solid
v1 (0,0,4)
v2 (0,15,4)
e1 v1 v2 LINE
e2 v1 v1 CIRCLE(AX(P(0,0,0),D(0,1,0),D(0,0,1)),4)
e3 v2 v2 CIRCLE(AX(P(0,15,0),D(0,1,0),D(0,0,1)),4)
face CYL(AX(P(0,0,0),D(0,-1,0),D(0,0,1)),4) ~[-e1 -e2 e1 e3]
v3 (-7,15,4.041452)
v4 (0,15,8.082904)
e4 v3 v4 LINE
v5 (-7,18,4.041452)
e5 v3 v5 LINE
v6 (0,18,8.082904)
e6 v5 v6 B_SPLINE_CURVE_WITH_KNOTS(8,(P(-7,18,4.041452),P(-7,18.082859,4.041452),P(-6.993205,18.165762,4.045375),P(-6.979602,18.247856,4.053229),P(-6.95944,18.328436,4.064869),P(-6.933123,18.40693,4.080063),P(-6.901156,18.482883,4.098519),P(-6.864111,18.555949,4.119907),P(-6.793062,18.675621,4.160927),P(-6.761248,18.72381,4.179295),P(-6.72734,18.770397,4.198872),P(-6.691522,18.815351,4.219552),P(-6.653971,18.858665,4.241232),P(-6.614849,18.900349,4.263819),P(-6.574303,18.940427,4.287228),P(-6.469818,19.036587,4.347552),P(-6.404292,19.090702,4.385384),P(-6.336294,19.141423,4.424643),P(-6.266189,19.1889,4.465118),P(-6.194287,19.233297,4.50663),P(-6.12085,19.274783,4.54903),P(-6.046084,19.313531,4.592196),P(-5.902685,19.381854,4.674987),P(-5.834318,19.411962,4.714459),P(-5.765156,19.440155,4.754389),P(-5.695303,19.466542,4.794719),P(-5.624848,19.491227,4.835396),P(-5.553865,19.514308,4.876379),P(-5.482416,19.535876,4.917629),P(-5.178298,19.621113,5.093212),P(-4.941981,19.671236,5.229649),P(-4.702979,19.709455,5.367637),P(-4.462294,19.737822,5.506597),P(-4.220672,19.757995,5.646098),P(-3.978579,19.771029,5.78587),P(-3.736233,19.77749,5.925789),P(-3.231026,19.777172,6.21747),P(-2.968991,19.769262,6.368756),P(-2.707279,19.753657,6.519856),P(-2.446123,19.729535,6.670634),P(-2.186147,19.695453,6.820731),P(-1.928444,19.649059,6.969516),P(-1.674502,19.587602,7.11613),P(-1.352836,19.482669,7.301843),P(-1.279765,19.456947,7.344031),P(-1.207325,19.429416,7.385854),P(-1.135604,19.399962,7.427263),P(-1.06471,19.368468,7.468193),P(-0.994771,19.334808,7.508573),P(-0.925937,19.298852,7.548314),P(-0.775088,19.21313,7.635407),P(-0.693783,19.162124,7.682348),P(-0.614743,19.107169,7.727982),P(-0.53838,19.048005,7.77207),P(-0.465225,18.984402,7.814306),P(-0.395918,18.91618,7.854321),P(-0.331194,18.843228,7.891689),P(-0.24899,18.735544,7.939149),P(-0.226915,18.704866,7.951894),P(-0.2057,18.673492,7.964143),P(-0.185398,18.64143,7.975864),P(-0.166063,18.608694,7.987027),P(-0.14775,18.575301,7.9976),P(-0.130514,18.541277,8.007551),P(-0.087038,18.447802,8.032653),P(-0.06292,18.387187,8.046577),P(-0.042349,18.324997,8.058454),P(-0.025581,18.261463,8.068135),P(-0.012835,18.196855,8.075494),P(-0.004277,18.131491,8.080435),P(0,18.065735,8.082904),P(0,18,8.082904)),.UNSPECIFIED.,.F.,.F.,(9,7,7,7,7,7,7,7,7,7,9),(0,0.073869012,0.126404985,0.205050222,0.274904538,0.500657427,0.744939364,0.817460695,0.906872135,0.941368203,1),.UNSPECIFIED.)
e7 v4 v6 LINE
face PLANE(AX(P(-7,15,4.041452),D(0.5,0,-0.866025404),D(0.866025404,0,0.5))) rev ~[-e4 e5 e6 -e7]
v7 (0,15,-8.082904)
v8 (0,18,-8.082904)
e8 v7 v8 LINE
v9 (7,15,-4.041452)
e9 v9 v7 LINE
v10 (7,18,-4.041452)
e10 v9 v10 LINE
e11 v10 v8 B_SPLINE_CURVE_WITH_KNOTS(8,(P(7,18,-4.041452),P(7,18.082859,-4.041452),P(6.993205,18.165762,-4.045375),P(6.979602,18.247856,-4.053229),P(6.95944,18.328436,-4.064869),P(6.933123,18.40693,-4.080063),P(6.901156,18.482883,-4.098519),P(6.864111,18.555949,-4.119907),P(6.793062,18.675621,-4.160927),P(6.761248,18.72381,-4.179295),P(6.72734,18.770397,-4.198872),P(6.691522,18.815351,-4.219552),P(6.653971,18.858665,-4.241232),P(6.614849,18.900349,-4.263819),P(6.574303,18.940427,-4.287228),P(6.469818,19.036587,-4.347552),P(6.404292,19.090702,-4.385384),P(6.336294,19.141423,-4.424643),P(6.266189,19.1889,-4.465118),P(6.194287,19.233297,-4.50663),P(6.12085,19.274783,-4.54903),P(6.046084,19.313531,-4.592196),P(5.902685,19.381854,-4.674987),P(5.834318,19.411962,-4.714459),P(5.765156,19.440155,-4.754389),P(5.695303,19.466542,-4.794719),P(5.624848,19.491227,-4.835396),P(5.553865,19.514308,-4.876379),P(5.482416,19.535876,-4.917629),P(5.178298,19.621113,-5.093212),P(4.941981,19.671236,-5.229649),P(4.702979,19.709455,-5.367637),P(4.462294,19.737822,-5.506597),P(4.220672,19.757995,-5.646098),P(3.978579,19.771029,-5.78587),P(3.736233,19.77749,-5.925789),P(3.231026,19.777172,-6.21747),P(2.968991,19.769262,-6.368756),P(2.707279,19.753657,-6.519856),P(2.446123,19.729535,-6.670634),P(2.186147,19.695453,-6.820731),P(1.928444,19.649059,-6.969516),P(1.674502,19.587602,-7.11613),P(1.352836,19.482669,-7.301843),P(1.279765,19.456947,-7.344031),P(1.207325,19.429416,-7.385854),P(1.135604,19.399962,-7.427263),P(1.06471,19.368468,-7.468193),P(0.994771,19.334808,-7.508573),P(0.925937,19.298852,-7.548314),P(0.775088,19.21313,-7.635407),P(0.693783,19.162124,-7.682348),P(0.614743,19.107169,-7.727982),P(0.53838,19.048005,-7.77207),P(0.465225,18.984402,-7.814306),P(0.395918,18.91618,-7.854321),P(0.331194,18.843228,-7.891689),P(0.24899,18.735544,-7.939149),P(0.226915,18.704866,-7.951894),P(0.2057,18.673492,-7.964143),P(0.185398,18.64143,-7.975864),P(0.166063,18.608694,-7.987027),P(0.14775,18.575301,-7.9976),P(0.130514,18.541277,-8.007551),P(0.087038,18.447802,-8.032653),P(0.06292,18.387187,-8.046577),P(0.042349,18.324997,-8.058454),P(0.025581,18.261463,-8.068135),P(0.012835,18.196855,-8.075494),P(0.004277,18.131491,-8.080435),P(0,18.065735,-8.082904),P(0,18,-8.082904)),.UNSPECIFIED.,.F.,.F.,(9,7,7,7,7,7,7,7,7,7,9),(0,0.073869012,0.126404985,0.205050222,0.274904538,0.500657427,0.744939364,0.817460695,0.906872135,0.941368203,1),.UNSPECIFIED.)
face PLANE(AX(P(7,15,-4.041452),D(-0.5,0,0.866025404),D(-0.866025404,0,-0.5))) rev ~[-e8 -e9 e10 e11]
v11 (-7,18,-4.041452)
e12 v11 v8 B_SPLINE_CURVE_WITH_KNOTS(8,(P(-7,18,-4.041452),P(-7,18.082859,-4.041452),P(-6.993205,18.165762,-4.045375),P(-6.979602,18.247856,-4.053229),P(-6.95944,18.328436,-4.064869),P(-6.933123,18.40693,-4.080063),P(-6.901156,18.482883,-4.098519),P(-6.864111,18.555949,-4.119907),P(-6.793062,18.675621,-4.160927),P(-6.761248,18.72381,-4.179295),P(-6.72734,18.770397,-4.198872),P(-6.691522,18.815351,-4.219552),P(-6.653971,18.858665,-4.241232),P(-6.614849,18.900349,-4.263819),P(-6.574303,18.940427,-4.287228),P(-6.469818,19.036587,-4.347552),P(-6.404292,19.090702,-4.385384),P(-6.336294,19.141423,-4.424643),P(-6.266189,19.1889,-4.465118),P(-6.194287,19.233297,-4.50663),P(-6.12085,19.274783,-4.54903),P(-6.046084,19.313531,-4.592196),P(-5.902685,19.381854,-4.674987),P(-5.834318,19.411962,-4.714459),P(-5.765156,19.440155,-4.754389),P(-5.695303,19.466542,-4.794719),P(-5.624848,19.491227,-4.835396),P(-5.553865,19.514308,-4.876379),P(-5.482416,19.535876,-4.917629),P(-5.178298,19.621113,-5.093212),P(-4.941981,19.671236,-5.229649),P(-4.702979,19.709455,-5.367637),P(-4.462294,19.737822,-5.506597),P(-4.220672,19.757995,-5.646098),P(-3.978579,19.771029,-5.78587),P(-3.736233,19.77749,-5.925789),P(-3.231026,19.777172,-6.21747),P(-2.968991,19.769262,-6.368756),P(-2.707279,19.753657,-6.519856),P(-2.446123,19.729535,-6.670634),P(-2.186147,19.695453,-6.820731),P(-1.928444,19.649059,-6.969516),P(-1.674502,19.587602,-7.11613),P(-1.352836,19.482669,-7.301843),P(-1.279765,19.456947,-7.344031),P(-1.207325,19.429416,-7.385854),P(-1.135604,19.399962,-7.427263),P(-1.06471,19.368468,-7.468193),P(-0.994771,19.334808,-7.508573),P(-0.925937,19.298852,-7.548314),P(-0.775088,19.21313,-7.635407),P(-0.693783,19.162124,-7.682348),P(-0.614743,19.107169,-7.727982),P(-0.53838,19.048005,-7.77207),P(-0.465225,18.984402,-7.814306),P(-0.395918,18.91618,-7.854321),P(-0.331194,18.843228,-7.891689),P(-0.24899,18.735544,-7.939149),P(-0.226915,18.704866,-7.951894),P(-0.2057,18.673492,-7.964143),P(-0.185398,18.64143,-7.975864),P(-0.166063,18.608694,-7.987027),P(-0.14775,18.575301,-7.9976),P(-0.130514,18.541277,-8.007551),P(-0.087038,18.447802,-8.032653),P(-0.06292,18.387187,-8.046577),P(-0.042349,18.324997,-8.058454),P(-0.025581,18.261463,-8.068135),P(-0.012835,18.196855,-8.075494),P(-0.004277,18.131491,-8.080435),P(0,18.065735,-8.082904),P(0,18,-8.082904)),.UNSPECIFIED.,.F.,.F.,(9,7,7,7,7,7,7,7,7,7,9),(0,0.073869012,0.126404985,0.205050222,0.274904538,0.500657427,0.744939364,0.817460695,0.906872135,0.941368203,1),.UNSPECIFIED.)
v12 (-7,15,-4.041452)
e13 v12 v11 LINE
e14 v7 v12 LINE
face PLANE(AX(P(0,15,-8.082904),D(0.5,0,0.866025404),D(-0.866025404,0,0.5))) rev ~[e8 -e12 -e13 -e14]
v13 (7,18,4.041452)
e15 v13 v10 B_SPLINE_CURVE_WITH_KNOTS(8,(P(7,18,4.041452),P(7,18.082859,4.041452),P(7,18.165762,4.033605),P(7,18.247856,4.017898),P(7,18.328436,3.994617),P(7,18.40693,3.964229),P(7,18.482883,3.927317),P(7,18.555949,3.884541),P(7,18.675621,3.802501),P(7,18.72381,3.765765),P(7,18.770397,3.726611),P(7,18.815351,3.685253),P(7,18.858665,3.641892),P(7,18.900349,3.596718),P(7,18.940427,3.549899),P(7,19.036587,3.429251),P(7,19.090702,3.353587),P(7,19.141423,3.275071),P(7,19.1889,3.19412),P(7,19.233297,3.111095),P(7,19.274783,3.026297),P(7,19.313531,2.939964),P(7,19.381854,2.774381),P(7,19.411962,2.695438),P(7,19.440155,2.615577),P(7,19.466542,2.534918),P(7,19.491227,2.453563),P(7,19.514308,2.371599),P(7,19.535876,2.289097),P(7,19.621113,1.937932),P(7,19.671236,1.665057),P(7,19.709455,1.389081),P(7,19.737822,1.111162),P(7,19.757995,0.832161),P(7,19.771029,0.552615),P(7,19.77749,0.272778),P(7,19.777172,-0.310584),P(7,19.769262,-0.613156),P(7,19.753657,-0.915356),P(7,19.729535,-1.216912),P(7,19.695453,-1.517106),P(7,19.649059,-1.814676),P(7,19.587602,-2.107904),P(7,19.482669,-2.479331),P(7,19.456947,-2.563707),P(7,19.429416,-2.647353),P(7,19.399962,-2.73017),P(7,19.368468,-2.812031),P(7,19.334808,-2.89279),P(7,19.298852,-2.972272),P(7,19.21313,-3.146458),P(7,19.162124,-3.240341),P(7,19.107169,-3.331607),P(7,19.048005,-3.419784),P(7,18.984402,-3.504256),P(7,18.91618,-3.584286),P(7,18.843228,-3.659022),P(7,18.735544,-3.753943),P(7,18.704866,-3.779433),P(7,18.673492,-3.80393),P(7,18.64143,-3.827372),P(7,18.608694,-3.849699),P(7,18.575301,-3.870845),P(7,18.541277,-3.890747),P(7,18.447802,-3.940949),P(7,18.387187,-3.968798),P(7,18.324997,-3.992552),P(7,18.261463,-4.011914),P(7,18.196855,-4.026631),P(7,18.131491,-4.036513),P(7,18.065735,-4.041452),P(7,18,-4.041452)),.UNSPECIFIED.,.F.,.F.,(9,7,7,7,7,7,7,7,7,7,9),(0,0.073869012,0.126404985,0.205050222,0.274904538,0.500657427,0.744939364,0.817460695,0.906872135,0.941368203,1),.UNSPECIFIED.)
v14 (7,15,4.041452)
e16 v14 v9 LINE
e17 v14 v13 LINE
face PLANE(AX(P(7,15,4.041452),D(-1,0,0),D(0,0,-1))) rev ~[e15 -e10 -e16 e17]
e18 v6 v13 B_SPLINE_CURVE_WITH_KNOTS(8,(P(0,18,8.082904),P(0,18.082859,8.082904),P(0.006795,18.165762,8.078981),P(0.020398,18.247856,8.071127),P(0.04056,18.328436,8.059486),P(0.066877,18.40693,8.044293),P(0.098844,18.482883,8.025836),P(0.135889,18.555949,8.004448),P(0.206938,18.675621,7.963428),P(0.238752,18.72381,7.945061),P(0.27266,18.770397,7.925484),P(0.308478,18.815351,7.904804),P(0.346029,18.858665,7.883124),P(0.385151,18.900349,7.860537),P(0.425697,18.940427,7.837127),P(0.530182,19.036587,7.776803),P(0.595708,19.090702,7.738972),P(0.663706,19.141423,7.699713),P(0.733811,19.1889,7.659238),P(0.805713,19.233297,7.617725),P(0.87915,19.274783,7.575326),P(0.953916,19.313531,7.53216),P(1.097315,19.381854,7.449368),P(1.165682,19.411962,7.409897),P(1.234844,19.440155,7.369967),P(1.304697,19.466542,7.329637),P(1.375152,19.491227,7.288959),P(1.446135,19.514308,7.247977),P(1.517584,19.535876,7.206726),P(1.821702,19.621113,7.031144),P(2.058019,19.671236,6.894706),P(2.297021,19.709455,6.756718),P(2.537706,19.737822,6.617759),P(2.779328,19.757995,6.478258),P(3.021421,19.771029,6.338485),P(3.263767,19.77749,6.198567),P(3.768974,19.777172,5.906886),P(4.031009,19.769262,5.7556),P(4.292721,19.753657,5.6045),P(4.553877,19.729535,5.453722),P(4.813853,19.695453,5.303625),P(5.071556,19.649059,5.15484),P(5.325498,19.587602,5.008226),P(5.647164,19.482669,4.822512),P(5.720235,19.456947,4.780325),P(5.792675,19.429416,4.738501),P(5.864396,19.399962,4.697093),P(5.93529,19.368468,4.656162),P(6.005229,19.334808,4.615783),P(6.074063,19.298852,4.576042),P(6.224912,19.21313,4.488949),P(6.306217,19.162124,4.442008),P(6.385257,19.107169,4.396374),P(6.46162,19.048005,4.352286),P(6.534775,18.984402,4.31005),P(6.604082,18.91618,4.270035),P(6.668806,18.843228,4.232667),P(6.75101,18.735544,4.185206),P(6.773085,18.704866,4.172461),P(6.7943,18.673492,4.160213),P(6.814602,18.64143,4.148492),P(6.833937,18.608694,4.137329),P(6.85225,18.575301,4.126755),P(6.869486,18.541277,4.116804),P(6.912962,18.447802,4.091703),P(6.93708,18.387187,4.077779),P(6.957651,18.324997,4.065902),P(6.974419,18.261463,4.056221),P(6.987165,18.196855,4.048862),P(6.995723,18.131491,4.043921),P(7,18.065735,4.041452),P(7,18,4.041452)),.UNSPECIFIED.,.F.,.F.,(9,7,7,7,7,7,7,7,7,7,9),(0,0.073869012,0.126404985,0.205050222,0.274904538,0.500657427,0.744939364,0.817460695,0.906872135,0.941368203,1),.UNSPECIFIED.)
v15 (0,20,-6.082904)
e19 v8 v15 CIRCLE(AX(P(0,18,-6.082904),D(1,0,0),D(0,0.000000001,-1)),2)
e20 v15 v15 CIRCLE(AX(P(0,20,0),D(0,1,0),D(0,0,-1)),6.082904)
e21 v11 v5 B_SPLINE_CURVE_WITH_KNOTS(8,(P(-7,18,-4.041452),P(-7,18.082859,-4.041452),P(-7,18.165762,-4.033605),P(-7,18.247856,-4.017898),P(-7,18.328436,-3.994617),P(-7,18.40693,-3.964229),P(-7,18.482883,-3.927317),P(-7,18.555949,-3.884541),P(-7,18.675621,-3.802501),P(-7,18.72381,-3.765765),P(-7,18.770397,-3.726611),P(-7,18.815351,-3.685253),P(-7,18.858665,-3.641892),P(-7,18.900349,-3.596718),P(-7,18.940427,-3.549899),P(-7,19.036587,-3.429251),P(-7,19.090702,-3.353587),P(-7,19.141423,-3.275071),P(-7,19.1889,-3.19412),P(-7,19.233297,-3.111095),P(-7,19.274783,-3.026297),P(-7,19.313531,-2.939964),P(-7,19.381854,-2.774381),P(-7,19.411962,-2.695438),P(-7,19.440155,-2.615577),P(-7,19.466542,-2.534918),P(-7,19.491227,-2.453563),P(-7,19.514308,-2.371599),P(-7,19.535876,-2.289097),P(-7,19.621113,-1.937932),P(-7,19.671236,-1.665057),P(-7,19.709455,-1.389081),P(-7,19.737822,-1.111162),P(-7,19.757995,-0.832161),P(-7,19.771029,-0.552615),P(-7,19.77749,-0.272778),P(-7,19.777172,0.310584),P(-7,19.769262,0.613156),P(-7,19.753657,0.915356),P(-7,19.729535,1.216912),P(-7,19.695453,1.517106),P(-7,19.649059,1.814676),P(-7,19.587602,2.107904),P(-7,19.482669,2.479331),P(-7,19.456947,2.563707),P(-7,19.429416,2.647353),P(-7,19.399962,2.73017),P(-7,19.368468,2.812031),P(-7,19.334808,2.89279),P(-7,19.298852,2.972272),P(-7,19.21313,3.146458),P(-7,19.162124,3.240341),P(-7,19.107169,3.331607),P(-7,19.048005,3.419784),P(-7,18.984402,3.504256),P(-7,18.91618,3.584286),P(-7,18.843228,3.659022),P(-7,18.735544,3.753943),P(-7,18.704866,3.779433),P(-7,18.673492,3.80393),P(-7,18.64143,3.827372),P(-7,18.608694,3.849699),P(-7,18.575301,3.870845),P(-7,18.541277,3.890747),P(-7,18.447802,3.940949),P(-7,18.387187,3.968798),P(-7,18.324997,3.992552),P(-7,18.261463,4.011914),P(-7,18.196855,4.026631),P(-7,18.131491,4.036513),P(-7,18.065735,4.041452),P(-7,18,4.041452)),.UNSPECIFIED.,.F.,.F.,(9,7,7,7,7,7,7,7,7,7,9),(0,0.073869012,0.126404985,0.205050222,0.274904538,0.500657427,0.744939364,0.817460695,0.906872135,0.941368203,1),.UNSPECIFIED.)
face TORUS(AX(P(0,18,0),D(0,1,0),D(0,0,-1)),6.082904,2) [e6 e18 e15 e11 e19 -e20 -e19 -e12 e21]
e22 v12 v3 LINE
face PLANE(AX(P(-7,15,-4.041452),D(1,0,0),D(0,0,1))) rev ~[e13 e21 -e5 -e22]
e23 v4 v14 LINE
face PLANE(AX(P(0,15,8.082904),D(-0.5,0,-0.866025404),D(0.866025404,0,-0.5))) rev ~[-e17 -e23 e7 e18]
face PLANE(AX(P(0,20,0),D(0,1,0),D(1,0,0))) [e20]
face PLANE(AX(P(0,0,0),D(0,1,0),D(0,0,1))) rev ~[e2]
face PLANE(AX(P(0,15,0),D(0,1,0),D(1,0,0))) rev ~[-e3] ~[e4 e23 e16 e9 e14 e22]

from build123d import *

# Parameters (mm, degrees)
SKETCH1_R           = 4
BOSS_EXTRUDE1_DEPTH = 15
BOSS_EXTRUDE2_DEPTH = 5


with BuildPart() as part:
    # Sketch1 → Boss-Extrude1 (new body)
    with BuildSketch(Plane(origin=(0, 0, 0), x_dir=(1, 0, 0), z_dir=(0, 1, 0))):
        with Locations(Location((0, 0, 0), (0, 0, 270))):
            Circle(SKETCH1_R)
    extrude(amount=BOSS_EXTRUDE1_DEPTH)

    # Sketch2 → Boss-Extrude2 (add)
    with BuildSketch(Plane(origin=(0, 15, 0), x_dir=(1, 0, 0), z_dir=(0, 1, 0))):
        Polygon((0, -8.082903769), (7, -4.041451884), (7, 4.041451884), (0, 8.082903769), (-7, 4.041451884), (-7, -4.041451884), align=None)
    extrude(amount=BOSS_EXTRUDE2_DEPTH)

    # Sketch4 → Cut-Revolve2 (revolve, cut)
    with BuildSketch(Plane(origin=(0, 0, 0), x_dir=(0, 0, -1), z_dir=(1, 0, 0)), mode=Mode.PRIVATE) as cut_revolve2_sk:
        with BuildLine():
            Line((-6.082903769, 20), (-8.082903769, 20))
            Line((-8.082903769, 20), (-8.082903769, 18))
            ThreePointArc((-8.082903769, 18), (-7.497117331, 19.414213562), (-6.082903769, 20))
        make_face()
    revolve(cut_revolve2_sk.sketch.rotate(Axis((0, 0, 0), (0, 1, 0)), 180), axis=Axis((0, 0, 0), (0, 1, 0)), mode=Mode.SUBTRACT)


solid = part.part
